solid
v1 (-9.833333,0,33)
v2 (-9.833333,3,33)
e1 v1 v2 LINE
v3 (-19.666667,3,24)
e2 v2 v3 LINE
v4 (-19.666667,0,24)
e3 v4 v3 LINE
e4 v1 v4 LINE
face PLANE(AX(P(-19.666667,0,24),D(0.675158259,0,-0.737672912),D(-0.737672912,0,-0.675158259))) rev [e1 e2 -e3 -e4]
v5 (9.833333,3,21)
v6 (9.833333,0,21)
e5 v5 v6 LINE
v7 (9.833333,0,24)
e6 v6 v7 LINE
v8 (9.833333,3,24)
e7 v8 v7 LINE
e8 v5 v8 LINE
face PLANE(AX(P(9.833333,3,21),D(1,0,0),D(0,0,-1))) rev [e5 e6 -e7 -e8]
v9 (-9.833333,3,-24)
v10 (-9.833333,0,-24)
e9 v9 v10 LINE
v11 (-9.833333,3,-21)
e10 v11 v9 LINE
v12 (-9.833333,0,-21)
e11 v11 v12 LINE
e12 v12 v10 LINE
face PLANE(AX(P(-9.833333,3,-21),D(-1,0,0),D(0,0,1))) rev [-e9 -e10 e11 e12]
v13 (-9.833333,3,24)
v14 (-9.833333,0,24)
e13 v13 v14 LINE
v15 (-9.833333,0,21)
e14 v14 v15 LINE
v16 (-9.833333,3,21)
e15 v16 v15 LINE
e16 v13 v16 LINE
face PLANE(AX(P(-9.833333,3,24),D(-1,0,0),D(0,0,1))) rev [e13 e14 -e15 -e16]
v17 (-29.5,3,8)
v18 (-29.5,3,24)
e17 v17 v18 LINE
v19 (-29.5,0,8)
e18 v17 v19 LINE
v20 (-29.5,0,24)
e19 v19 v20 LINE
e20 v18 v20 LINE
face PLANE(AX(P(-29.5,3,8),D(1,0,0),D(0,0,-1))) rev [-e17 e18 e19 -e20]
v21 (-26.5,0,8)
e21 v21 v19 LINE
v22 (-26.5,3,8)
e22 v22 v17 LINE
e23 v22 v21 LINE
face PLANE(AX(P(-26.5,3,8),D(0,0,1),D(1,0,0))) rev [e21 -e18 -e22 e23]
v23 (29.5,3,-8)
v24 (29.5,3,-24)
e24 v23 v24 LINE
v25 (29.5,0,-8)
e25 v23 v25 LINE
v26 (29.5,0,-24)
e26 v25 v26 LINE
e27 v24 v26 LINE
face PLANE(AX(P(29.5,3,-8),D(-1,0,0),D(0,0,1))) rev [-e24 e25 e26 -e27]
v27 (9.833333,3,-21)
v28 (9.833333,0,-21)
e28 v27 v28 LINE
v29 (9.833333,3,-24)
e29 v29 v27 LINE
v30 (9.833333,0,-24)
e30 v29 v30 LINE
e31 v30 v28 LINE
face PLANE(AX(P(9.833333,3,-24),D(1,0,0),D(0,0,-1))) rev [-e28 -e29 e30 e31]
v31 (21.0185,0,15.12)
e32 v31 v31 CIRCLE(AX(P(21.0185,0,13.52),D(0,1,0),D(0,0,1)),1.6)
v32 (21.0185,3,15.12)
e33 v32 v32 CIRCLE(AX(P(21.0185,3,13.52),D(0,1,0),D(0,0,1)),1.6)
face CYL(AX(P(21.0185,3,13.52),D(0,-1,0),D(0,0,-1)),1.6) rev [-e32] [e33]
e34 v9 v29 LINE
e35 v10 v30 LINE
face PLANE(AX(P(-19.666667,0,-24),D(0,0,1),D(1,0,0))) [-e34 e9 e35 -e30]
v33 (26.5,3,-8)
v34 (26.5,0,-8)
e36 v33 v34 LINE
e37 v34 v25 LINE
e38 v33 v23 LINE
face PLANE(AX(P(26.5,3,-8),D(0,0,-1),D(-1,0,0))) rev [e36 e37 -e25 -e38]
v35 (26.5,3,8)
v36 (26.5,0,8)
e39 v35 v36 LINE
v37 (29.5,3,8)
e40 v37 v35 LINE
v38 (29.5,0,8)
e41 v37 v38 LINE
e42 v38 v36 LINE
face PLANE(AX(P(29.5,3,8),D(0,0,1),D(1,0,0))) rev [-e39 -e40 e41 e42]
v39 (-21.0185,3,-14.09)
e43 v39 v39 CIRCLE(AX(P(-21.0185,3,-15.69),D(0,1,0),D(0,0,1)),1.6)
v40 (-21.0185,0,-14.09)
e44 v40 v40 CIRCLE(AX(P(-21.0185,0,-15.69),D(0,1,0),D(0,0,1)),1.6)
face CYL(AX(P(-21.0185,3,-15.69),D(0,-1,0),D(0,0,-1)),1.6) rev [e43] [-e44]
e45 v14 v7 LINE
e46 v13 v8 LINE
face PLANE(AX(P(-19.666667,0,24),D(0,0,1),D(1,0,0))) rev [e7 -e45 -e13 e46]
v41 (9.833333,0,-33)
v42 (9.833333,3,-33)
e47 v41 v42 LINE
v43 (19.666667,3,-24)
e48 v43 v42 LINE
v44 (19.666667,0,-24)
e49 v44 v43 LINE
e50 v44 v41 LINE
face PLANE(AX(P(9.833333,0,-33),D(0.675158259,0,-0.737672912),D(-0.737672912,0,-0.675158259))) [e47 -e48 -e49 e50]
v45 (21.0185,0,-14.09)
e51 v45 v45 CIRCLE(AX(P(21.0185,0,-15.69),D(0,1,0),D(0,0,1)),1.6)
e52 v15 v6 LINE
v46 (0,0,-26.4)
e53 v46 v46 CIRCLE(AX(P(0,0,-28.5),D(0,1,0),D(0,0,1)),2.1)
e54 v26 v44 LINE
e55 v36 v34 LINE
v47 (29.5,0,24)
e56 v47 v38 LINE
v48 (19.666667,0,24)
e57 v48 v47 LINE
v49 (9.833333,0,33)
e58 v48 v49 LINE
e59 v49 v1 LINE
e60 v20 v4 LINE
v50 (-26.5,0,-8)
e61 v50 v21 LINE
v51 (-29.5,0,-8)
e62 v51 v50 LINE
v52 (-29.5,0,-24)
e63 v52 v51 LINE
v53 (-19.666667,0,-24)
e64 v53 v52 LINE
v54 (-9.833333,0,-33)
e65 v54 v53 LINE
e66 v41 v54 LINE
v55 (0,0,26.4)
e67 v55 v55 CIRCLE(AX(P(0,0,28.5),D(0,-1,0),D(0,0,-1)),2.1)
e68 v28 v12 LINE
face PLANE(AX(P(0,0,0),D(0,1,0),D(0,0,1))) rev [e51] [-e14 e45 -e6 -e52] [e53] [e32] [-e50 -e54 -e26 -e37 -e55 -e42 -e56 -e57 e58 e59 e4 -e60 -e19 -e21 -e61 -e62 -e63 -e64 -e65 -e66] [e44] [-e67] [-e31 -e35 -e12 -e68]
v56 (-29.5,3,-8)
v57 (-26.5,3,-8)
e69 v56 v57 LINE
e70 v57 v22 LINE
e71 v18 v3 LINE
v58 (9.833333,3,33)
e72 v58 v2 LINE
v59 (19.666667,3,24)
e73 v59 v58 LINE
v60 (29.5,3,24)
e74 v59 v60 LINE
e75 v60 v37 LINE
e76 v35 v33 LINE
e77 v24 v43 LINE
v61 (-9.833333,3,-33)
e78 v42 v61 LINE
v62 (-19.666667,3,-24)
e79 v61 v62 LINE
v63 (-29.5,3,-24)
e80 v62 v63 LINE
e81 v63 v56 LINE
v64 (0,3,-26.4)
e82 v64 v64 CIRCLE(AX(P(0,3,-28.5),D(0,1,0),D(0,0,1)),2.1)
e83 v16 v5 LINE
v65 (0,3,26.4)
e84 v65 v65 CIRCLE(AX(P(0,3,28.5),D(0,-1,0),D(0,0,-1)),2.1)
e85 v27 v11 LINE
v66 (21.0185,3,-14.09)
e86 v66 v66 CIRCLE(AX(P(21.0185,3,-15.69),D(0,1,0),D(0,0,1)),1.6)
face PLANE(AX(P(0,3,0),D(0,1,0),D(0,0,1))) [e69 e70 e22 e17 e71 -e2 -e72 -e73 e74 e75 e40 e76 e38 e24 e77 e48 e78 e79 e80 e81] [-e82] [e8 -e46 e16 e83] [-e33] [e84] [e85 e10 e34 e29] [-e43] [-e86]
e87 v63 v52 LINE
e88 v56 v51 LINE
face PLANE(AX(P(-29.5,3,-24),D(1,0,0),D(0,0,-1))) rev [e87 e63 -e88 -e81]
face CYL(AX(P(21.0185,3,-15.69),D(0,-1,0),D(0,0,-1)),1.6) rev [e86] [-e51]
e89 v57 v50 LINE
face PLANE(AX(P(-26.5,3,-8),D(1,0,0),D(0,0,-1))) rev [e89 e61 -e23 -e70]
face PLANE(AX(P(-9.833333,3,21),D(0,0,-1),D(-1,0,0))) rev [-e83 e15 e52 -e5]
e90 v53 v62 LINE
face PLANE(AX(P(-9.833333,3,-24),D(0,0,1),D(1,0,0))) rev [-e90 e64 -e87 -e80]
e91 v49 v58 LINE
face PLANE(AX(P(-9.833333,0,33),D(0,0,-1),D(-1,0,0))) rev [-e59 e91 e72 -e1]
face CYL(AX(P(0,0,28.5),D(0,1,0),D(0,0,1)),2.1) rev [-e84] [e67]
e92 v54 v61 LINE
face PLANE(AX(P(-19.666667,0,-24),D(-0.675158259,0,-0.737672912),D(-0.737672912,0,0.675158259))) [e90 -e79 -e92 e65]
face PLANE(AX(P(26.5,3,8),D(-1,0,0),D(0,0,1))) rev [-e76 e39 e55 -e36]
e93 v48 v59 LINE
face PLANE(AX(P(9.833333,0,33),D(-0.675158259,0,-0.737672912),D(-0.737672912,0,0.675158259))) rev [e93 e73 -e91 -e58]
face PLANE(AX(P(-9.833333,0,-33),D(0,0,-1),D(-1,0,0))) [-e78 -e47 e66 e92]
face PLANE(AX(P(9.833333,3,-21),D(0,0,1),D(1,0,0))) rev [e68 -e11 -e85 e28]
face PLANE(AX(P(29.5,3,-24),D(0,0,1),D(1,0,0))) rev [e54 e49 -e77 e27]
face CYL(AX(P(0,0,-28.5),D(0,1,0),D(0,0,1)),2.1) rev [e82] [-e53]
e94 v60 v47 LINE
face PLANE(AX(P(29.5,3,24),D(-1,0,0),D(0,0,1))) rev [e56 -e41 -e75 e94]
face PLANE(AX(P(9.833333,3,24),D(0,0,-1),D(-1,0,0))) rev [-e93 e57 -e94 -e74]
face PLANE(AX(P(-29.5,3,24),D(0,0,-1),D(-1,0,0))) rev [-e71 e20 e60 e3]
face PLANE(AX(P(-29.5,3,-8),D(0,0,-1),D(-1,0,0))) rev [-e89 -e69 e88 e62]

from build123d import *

# Parameters (mm, degrees)
SKETCH1_R           = 1.6
BOSS_EXTRUDE1_DEPTH = 3
SKETCH2_R           = 2.1
BOSS_EXTRUDE2_DEPTH = 3


with BuildPart() as part:
    # Sketch1 → Boss-Extrude1 (new body)
    with BuildSketch(Plane(origin=(0, 0, 0), x_dir=(1, 0, 0), z_dir=(0, 1, 0))):
        Polygon((-29.5, 24), (-29.5, 8), (-26.5, 8), (-26.5, -8), (-29.5, -8), (-29.5, -24), (-9.833333333, -24), (-9.833333333, -21), (9.833333333, -21), (9.833333333, -24), (29.5, -24), (29.5, -8), (26.5, -8), (26.5, 8), (29.5, 8), (29.5, 24), (9.833333333, 24), (9.833333333, 21), (-9.833333333, 21), (-9.833333333, 24), align=None)
        with Locations(Location((-21.0185, 15.69, 0), (0, 0, 270))):
            Circle(SKETCH1_R, mode=Mode.SUBTRACT)
        with Locations(Location((21.0185, 15.69, 0), (0, 0, 270))):
            Circle(SKETCH1_R, mode=Mode.SUBTRACT)
        with Locations(Location((21.0185, -13.52, 0), (0, 0, 270))):
            Circle(SKETCH1_R, mode=Mode.SUBTRACT)
    extrude(amount=BOSS_EXTRUDE1_DEPTH)

    # Sketch2 → Boss-Extrude2 (add)
    with BuildSketch(Plane(origin=(0, 3, 0), x_dir=(1, 0, 0), z_dir=(0, 1, 0))):
        Polygon((-19.666666667, 24), (-9.833333333, 33), (9.833333333, 33), (19.666666667, 24), align=None)
        with Locations(Location((0, 28.5, 0), (0, 0, 270))):
            Circle(SKETCH2_R, mode=Mode.SUBTRACT)
    boss_extrude2 = extrude(amount=-BOSS_EXTRUDE2_DEPTH)

    # Mirror1: Boss-Extrude2 across plane
    add(boss_extrude2.mirror(Plane.XY))


solid = part.part
